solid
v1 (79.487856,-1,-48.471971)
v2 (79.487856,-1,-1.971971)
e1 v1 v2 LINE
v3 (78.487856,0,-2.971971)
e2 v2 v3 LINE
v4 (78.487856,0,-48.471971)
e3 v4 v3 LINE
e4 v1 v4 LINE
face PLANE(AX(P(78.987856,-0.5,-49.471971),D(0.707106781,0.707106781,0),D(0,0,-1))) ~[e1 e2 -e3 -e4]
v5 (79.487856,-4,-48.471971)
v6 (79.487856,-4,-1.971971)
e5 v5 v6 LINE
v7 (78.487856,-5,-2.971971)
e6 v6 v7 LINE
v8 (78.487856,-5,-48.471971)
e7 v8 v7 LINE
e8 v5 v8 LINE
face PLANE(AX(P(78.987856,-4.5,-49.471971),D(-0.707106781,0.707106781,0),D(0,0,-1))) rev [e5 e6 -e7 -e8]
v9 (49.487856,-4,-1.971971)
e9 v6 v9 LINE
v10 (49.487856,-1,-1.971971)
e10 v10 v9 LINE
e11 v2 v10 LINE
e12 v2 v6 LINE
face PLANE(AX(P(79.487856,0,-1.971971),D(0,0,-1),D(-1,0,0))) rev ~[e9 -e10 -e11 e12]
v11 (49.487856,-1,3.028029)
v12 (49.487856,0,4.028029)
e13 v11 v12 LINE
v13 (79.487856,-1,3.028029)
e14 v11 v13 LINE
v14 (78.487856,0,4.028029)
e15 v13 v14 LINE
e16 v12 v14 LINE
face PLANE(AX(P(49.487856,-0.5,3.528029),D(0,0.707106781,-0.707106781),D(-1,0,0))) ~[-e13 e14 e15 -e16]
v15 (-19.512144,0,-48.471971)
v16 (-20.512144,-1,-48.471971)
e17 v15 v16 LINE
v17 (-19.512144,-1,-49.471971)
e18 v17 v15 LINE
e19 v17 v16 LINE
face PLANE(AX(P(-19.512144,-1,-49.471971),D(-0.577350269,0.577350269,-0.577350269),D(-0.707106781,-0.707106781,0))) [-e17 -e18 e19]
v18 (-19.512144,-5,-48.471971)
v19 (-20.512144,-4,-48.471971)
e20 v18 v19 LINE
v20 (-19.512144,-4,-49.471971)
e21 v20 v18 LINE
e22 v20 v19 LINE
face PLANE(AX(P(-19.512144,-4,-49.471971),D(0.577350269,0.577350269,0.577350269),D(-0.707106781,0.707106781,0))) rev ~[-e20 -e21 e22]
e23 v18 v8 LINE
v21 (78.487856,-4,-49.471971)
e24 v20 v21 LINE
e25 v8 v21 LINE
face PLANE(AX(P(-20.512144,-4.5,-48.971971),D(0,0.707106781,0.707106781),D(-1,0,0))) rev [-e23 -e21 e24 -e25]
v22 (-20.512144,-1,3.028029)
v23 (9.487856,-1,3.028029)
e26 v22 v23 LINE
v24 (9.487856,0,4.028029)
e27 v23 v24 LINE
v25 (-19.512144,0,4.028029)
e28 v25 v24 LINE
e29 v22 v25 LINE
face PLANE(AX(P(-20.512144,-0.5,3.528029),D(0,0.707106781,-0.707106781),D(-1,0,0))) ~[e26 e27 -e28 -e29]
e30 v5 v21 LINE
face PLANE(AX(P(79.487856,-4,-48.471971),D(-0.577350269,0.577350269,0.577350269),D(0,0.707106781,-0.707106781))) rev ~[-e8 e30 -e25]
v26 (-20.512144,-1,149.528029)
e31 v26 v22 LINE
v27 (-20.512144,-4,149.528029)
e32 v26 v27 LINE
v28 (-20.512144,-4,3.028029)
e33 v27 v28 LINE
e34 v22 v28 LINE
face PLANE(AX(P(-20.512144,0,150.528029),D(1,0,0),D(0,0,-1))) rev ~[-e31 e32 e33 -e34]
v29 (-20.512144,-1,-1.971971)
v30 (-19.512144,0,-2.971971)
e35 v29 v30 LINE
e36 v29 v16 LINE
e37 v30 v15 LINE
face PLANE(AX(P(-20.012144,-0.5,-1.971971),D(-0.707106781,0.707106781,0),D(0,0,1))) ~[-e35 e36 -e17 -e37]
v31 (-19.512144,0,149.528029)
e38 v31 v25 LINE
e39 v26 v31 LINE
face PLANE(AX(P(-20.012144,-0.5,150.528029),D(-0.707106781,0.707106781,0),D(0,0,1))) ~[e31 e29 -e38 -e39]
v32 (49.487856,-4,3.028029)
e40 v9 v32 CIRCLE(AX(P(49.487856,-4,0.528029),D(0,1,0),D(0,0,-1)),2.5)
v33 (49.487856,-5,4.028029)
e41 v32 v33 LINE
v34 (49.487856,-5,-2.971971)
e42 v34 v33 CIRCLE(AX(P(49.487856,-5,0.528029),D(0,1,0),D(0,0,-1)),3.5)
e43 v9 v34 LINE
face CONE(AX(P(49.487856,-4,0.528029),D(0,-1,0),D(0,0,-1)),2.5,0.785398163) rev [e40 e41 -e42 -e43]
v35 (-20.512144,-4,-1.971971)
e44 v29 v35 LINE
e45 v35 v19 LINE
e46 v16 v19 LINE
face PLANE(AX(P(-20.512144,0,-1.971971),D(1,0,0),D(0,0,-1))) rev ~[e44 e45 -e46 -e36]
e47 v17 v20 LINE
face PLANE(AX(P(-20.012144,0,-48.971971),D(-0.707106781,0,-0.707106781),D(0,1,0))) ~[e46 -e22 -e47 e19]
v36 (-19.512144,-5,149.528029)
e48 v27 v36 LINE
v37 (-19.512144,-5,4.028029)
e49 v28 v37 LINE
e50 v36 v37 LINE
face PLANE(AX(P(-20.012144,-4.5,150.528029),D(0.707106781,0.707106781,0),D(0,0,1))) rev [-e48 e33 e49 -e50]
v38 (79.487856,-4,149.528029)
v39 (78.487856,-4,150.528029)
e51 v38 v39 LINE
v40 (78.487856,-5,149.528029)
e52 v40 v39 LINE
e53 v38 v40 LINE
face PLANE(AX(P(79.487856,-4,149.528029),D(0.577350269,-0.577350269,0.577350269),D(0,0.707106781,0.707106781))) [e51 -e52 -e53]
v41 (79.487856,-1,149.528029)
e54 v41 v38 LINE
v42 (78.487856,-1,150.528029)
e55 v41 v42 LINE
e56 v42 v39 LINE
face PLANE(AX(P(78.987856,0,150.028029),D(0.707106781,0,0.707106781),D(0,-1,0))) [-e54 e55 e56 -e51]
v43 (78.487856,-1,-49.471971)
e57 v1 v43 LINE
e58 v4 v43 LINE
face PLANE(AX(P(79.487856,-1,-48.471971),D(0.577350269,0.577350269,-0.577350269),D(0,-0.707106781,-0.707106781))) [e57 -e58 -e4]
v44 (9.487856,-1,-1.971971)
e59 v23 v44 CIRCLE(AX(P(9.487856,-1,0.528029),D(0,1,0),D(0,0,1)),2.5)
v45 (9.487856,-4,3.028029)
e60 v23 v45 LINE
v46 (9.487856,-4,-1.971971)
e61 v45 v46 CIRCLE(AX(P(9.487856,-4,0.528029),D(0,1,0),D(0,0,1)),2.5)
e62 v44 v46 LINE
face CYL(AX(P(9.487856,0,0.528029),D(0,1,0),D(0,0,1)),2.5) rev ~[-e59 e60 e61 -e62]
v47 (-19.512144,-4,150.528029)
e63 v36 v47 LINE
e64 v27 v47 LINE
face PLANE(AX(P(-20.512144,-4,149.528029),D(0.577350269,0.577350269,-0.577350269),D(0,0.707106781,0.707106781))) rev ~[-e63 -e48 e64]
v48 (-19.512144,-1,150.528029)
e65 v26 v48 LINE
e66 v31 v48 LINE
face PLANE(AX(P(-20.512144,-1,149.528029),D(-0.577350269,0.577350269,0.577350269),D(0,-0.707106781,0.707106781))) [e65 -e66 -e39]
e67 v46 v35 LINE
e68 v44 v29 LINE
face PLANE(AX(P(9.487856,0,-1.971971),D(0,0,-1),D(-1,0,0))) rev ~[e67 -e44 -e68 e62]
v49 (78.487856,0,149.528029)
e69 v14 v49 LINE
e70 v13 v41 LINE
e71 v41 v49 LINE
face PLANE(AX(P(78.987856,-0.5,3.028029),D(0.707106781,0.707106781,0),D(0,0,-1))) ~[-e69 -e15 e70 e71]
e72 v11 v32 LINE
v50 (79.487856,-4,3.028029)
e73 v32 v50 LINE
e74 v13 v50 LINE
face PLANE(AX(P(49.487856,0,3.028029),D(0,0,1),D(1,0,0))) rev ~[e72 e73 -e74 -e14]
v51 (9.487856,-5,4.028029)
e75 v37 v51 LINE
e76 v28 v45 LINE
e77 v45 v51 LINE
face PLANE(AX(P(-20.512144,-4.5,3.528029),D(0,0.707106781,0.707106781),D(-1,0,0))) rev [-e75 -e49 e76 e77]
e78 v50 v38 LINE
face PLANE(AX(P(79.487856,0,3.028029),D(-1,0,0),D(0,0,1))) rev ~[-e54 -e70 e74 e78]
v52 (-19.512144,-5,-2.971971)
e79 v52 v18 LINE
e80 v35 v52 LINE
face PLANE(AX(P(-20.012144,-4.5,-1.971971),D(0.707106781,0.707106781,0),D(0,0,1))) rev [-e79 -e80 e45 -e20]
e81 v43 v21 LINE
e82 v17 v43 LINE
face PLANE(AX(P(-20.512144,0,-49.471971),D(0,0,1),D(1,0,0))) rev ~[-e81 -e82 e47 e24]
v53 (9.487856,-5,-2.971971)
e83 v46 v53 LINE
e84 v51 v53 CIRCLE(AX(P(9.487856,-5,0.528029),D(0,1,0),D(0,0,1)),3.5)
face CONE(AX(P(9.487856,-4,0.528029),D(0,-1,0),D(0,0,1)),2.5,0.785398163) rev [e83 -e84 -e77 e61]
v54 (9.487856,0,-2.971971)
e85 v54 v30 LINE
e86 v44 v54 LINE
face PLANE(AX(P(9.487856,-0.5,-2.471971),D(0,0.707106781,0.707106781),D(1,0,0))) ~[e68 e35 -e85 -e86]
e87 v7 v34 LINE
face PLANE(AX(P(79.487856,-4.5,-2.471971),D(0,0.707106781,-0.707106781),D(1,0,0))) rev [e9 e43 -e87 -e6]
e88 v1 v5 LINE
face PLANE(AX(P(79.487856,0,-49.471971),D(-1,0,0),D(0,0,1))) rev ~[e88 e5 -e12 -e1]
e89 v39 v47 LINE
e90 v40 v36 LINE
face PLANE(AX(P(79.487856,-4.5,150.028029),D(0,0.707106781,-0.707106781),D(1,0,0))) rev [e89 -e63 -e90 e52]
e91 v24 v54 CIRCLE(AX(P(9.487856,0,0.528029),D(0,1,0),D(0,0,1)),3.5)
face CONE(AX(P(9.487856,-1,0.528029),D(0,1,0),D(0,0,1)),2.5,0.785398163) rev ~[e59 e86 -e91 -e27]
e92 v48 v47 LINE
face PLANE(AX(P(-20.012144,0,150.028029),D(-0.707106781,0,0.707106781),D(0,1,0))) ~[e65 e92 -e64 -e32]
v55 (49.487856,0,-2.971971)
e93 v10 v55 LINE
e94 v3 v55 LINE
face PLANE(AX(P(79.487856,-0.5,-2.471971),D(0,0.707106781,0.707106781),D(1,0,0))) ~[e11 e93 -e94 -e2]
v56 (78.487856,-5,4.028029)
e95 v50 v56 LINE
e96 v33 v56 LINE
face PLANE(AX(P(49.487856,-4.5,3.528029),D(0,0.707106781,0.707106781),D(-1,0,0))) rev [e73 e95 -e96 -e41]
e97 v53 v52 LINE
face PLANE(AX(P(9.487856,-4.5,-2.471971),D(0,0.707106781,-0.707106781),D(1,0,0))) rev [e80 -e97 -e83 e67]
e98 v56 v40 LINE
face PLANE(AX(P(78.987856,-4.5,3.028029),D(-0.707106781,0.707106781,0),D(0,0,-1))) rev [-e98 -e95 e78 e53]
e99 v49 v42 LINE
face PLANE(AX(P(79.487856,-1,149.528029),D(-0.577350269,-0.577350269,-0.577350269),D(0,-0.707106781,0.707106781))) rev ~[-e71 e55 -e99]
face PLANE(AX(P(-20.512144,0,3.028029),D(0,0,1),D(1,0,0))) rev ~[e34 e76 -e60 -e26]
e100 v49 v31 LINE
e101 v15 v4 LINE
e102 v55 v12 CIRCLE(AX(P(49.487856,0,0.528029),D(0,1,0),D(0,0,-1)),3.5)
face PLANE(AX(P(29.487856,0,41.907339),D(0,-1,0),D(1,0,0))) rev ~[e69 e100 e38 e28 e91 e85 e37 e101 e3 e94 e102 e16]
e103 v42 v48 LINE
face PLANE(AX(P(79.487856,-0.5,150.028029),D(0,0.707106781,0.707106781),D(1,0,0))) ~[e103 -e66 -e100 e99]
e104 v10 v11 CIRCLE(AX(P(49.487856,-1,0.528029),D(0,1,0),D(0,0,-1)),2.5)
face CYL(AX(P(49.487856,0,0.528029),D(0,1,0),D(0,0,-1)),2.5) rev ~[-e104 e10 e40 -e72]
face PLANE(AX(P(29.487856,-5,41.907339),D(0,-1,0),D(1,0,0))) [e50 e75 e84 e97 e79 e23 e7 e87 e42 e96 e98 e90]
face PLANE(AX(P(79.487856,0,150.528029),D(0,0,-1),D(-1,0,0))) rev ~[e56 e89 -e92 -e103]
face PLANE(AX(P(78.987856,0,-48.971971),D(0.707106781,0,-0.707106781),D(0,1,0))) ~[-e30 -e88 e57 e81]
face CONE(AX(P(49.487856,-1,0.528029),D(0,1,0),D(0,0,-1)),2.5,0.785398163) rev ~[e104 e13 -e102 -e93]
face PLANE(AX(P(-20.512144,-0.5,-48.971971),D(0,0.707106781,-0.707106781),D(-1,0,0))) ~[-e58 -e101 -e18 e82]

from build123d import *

# Parameters (mm, degrees)
F1_DEPTH = 5
F2_SIZE  = 1


with BuildPart() as f1:
    # F0 (on Front) → F1 (new body)
    with BuildSketch(Plane.XZ):
        with BuildLine():
            Line((79.487856, 150.528029), (-20.512144, 150.528029))
            Line((-20.512144, 150.528029), (-20.512144, 3.028029))
            Line((-20.512144, 3.028029), (9.487856, 3.028029))
            ThreePointArc((9.487856, 3.028029), (11.987856, 0.528029), (9.487856, -1.971971))
            Line((9.487856, -1.971971), (-20.512144, -1.971971))
            Line((-20.512144, -1.971971), (-20.512144, -49.471971))
            Line((-20.512144, -49.471971), (79.487856, -49.471971))
            Line((79.487856, -49.471971), (79.487856, -1.971971))
            Line((79.487856, -1.971971), (49.487856, -1.971971))
            ThreePointArc((49.487856, -1.971971), (46.987856, 0.528029), (49.487856, 3.028029))
            Line((49.487856, 3.028029), (79.487856, 3.028029))
            Line((79.487856, 3.028029), (79.487856, 150.528029))
        make_face()
    extrude(amount=F1_DEPTH)

    # F2
    f2_edges = [f1.edges().sort_by_distance(p)[0] for p in [
        (29.487856, -5, 150.528029),
        (-20.512144, -5, 76.778029),
        (-5.512144, -5, 3.028029),
        (11.987856, -5, 0.528029),
        (-5.512144, -5, -1.971971),
        (-20.512144, -5, -25.721971),
        (29.487856, -5, -49.471971),
        (79.487856, -5, -25.721971),
        (64.487856, -5, -1.971971),
        (46.987856, -5, 0.528029),
        (64.487856, -5, 3.028029),
        (79.487856, -5, 76.778029),
        (29.487856, 0, 150.528029),
        (-20.512144, 0, 76.778029),
        (-5.512144, 0, 3.028029),
        (11.987856, 0, 0.528029),
        (-5.512144, 0, -1.971971),
        (-20.512144, 0, -25.721971),
        (29.487856, 0, -49.471971),
        (79.487856, 0, -25.721971),
        (64.487856, 0, -1.971971),
        (46.987856, 0, 0.528029),
        (64.487856, 0, 3.028029),
        (79.487856, 0, 76.778029),
        (-20.512144, -2.5, -49.471971),
        (79.487856, -2.5, -49.471971),
        (79.487856, -2.5, 150.528029),
        (-20.512144, -2.5, 150.528029),
    ]]
    chamfer(f2_edges, length=F2_SIZE)


solid = f1.part
